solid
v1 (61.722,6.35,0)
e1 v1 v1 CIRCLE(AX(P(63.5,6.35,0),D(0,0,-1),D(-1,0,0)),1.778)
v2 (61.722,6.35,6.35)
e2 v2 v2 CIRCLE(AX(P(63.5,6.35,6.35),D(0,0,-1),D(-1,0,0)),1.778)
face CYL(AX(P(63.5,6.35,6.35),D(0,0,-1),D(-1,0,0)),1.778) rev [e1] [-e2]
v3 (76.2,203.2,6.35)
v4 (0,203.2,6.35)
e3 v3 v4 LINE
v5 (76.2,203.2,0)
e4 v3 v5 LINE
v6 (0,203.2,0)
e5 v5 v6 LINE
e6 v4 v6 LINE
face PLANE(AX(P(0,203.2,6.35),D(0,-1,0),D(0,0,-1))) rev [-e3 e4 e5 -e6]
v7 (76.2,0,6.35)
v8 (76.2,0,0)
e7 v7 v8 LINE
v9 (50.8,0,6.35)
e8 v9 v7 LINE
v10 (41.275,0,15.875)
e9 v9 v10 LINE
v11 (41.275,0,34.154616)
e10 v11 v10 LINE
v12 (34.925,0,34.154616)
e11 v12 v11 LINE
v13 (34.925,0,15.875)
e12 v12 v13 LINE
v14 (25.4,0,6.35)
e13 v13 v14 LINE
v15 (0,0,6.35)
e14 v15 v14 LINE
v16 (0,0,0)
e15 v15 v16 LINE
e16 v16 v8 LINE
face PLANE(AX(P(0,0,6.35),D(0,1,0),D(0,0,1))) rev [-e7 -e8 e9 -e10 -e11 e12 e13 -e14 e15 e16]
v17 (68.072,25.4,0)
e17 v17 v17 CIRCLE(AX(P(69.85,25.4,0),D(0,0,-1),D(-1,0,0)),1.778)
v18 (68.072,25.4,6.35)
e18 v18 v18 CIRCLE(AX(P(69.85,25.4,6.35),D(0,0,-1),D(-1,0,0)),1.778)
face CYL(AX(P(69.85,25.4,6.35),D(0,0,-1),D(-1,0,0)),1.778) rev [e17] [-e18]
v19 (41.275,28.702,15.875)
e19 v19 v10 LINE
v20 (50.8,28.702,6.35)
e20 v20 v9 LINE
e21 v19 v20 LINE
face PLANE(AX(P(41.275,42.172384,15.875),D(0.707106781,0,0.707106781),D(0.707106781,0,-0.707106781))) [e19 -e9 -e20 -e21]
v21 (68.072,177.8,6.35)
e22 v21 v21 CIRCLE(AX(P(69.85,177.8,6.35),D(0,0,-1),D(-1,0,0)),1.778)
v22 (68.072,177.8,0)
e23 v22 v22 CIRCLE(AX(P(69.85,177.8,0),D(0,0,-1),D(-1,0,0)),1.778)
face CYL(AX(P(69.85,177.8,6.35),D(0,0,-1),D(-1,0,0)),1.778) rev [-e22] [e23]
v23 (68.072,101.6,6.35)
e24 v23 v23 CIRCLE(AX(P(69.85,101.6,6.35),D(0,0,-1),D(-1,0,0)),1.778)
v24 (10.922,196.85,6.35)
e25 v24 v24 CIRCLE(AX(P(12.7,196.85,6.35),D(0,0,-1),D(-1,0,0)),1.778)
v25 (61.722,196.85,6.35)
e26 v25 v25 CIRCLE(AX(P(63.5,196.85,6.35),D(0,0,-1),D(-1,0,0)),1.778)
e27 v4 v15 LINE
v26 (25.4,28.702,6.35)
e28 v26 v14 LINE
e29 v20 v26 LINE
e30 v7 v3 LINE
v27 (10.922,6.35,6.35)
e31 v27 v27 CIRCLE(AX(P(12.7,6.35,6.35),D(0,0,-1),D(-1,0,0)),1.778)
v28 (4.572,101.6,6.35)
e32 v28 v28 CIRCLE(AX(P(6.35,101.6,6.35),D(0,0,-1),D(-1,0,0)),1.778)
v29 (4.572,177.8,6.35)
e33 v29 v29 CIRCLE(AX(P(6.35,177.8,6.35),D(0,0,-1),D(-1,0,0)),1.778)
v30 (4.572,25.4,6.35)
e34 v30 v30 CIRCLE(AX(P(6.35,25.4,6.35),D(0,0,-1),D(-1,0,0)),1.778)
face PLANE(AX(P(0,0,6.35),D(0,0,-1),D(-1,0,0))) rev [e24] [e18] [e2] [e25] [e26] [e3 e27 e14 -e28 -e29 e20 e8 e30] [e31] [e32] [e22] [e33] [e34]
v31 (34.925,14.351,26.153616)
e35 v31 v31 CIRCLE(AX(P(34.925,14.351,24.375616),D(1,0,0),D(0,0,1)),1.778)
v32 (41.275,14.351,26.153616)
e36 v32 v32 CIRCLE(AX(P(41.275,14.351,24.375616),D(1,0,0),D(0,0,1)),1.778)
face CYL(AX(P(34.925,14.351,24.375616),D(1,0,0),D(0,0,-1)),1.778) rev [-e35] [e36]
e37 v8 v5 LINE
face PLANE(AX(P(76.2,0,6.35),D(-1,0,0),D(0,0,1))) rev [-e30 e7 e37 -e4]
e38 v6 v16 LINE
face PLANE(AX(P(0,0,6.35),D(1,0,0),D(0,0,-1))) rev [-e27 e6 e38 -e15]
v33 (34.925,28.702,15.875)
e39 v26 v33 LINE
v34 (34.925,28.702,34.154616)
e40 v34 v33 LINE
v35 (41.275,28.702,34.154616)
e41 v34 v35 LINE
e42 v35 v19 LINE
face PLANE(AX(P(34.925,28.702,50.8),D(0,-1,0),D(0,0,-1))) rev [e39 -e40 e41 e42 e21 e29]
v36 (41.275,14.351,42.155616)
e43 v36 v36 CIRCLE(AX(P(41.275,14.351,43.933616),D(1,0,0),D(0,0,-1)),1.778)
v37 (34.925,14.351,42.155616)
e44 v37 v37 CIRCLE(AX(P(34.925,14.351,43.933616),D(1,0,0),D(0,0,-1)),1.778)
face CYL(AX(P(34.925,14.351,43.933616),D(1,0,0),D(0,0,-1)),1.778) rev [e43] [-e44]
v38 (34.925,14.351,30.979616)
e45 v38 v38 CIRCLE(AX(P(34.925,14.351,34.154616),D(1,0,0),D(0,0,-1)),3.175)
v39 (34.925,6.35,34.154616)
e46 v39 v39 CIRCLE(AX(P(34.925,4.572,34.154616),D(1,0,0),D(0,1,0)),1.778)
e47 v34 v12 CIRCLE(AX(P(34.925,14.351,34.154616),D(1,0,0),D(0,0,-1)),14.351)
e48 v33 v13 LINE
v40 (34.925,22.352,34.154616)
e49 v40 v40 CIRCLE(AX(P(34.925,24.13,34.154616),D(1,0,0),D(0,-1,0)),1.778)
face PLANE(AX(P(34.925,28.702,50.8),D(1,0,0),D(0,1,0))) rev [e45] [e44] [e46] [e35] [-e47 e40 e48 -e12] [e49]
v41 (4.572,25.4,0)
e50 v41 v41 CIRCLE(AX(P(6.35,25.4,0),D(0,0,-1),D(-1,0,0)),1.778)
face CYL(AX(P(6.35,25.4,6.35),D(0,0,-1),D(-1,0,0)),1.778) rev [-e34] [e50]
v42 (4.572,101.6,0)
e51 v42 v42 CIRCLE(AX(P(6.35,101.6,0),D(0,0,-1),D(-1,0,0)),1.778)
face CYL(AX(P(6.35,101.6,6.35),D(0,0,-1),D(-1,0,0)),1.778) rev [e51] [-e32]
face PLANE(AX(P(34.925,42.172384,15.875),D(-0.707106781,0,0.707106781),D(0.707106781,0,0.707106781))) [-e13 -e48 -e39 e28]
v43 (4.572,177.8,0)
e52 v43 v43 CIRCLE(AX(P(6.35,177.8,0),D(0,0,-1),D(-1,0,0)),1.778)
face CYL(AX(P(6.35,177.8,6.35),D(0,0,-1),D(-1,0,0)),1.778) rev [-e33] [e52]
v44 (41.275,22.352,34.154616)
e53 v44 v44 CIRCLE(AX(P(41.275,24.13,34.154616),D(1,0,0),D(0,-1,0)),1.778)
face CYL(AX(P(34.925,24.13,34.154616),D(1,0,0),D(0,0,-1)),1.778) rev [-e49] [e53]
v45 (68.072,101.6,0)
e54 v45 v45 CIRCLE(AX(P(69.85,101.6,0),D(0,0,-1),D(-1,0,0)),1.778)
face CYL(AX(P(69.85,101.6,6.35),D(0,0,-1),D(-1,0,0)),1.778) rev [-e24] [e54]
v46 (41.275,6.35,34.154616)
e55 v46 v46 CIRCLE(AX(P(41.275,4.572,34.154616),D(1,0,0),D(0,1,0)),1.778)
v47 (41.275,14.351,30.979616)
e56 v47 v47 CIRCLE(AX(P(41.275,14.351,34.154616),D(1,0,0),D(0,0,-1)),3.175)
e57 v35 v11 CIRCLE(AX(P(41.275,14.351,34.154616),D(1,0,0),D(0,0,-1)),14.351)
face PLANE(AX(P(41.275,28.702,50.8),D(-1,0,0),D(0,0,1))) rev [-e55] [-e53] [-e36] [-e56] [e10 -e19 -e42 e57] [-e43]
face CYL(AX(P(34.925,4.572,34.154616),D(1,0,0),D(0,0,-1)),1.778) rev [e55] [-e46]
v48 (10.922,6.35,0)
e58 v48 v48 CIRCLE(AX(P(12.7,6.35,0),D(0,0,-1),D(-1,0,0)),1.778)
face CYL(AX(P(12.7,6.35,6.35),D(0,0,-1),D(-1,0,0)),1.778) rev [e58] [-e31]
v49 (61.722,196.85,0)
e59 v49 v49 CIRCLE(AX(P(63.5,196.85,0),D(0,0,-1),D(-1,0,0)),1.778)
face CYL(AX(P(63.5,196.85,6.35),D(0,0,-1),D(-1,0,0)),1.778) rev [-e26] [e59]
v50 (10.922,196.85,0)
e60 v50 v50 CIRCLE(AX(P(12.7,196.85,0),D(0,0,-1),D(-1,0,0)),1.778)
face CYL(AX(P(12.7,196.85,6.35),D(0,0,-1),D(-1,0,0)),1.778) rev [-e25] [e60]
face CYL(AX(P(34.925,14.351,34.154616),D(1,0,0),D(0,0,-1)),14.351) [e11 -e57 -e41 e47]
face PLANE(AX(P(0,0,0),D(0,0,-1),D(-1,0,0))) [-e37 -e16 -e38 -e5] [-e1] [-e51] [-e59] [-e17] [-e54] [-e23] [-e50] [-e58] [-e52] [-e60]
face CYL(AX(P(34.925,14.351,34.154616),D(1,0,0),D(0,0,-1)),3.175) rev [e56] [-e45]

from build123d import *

# Parameters (mm, degrees)
SKETCH1_W           = 76.2
SKETCH1_H           = 203.2
BOSS_EXTRUDE1_DEPTH = 6.35
SKETCH2_W           = 6.35
SKETCH2_H           = 28.702
BOSS_EXTRUDE2_DEPTH = 44.45
SKETCH3_R           = 3.175
CUT_EXTRUDE1_DEPTH  = 6.35
SKETCH4_R           = 1.778
CUT_EXTRUDE2_DEPTH  = 6.35
CIRPATTERN1_COUNT   = 4
CUT_EXTRUDE3_DEPTH  = 6.35
SKETCH6_R           = 1.778
CUT_EXTRUDE4_DEPTH  = 6.35
BOSS_EXTRUDE3_DEPTH = 28.702


with BuildPart() as part:
    # Sketch1 → Boss-Extrude1 (new body)
    with BuildSketch(Plane.XY):
        with Locations((38.1, 101.6)):
            Rectangle(SKETCH1_W, SKETCH1_H)
    extrude(amount=BOSS_EXTRUDE1_DEPTH)

    # Sketch2 → Boss-Extrude2 (add)
    with BuildSketch(Plane.XY.offset(6.35)):
        with Locations((38.1, 14.351)):
            Rectangle(SKETCH2_W, SKETCH2_H)
    extrude(amount=BOSS_EXTRUDE2_DEPTH)

    # Sketch3 → Cut-Extrude1 (cut)
    with BuildSketch(Plane(origin=(41.275, 0, 0), x_dir=(0, 0, -1), z_dir=(1, 0, 0))):
        with Locations((-34.154615714, 14.351)):
            Circle(SKETCH3_R)
    extrude(amount=-CUT_EXTRUDE1_DEPTH, mode=Mode.SUBTRACT)

    # Sketch4 → Cut-Extrude2 (cut)
    with BuildSketch(Plane(origin=(41.275, 0, 0), x_dir=(0, 0, -1), z_dir=(1, 0, 0))):
        with Locations((-43.933615714, 14.351)):
            Circle(SKETCH4_R)
    cut_extrude2 = extrude(amount=-CUT_EXTRUDE2_DEPTH, mode=Mode.SUBTRACT)

    # CirPattern1: Cut-Extrude2 ×4 about axis
    cirpattern1_axis = Axis((0, 14.351, 34.154615714), (1, 0, 0))
    for i in range(1, CIRPATTERN1_COUNT):
        add(cut_extrude2.rotate(cirpattern1_axis, i * 360 / CIRPATTERN1_COUNT), mode=Mode.SUBTRACT)

    # Sketch5 → Cut-Extrude3 (cut)
    with BuildSketch(Plane(origin=(41.275, 0, 0), x_dir=(0, 0, -1), z_dir=(1, 0, 0))):
        with BuildLine():
            ThreePointArc((-34.154615714, 0), (-48.505615714, 14.351), (-34.154615714, 28.702))
            Line((-34.154615714, 28.702), (-50.8, 28.702))
            Line((-50.8, 28.702), (-50.8, 0))
            Line((-50.8, 0), (-34.154615714, 0))
        make_face()
    extrude(amount=-CUT_EXTRUDE3_DEPTH, mode=Mode.SUBTRACT)

    # Sketch6 → Cut-Extrude4 (cut)
    with BuildSketch(Plane(origin=(0, 0, 0), x_dir=(-1, 0, 0), z_dir=(0, 0, -1))):
        with Locations((-63.5, 6.35)):
            Circle(SKETCH6_R)
        with Locations((-12.7, 6.35)):
            Circle(SKETCH6_R)
        with Locations((-6.35, 177.8)):
            Circle(SKETCH6_R)
        with Locations((-6.35, 25.4)):
            Circle(SKETCH6_R)
        with Locations((-69.85, 25.4)):
            Circle(SKETCH6_R)
        with Locations((-69.85, 177.8)):
            Circle(SKETCH6_R)
        with Locations((-63.5, 196.85)):
            Circle(SKETCH6_R)
        with Locations((-12.7, 196.85)):
            Circle(SKETCH6_R)
        with Locations((-6.35, 101.6)):
            Circle(SKETCH6_R)
        with Locations((-69.85, 101.6)):
            Circle(SKETCH6_R)
    extrude(amount=-CUT_EXTRUDE4_DEPTH, mode=Mode.SUBTRACT)

    # Sketch8 → Boss-Extrude3 (add)
    with BuildSketch(Plane.XZ):
        Polygon((41.275, 6.35), (41.275, 15.875), (50.8, 6.35), align=None)
        Polygon((34.925, 6.35), (34.925, 15.875), (25.4, 6.35), align=None)
    extrude(amount=-BOSS_EXTRUDE3_DEPTH)


solid = part.part
